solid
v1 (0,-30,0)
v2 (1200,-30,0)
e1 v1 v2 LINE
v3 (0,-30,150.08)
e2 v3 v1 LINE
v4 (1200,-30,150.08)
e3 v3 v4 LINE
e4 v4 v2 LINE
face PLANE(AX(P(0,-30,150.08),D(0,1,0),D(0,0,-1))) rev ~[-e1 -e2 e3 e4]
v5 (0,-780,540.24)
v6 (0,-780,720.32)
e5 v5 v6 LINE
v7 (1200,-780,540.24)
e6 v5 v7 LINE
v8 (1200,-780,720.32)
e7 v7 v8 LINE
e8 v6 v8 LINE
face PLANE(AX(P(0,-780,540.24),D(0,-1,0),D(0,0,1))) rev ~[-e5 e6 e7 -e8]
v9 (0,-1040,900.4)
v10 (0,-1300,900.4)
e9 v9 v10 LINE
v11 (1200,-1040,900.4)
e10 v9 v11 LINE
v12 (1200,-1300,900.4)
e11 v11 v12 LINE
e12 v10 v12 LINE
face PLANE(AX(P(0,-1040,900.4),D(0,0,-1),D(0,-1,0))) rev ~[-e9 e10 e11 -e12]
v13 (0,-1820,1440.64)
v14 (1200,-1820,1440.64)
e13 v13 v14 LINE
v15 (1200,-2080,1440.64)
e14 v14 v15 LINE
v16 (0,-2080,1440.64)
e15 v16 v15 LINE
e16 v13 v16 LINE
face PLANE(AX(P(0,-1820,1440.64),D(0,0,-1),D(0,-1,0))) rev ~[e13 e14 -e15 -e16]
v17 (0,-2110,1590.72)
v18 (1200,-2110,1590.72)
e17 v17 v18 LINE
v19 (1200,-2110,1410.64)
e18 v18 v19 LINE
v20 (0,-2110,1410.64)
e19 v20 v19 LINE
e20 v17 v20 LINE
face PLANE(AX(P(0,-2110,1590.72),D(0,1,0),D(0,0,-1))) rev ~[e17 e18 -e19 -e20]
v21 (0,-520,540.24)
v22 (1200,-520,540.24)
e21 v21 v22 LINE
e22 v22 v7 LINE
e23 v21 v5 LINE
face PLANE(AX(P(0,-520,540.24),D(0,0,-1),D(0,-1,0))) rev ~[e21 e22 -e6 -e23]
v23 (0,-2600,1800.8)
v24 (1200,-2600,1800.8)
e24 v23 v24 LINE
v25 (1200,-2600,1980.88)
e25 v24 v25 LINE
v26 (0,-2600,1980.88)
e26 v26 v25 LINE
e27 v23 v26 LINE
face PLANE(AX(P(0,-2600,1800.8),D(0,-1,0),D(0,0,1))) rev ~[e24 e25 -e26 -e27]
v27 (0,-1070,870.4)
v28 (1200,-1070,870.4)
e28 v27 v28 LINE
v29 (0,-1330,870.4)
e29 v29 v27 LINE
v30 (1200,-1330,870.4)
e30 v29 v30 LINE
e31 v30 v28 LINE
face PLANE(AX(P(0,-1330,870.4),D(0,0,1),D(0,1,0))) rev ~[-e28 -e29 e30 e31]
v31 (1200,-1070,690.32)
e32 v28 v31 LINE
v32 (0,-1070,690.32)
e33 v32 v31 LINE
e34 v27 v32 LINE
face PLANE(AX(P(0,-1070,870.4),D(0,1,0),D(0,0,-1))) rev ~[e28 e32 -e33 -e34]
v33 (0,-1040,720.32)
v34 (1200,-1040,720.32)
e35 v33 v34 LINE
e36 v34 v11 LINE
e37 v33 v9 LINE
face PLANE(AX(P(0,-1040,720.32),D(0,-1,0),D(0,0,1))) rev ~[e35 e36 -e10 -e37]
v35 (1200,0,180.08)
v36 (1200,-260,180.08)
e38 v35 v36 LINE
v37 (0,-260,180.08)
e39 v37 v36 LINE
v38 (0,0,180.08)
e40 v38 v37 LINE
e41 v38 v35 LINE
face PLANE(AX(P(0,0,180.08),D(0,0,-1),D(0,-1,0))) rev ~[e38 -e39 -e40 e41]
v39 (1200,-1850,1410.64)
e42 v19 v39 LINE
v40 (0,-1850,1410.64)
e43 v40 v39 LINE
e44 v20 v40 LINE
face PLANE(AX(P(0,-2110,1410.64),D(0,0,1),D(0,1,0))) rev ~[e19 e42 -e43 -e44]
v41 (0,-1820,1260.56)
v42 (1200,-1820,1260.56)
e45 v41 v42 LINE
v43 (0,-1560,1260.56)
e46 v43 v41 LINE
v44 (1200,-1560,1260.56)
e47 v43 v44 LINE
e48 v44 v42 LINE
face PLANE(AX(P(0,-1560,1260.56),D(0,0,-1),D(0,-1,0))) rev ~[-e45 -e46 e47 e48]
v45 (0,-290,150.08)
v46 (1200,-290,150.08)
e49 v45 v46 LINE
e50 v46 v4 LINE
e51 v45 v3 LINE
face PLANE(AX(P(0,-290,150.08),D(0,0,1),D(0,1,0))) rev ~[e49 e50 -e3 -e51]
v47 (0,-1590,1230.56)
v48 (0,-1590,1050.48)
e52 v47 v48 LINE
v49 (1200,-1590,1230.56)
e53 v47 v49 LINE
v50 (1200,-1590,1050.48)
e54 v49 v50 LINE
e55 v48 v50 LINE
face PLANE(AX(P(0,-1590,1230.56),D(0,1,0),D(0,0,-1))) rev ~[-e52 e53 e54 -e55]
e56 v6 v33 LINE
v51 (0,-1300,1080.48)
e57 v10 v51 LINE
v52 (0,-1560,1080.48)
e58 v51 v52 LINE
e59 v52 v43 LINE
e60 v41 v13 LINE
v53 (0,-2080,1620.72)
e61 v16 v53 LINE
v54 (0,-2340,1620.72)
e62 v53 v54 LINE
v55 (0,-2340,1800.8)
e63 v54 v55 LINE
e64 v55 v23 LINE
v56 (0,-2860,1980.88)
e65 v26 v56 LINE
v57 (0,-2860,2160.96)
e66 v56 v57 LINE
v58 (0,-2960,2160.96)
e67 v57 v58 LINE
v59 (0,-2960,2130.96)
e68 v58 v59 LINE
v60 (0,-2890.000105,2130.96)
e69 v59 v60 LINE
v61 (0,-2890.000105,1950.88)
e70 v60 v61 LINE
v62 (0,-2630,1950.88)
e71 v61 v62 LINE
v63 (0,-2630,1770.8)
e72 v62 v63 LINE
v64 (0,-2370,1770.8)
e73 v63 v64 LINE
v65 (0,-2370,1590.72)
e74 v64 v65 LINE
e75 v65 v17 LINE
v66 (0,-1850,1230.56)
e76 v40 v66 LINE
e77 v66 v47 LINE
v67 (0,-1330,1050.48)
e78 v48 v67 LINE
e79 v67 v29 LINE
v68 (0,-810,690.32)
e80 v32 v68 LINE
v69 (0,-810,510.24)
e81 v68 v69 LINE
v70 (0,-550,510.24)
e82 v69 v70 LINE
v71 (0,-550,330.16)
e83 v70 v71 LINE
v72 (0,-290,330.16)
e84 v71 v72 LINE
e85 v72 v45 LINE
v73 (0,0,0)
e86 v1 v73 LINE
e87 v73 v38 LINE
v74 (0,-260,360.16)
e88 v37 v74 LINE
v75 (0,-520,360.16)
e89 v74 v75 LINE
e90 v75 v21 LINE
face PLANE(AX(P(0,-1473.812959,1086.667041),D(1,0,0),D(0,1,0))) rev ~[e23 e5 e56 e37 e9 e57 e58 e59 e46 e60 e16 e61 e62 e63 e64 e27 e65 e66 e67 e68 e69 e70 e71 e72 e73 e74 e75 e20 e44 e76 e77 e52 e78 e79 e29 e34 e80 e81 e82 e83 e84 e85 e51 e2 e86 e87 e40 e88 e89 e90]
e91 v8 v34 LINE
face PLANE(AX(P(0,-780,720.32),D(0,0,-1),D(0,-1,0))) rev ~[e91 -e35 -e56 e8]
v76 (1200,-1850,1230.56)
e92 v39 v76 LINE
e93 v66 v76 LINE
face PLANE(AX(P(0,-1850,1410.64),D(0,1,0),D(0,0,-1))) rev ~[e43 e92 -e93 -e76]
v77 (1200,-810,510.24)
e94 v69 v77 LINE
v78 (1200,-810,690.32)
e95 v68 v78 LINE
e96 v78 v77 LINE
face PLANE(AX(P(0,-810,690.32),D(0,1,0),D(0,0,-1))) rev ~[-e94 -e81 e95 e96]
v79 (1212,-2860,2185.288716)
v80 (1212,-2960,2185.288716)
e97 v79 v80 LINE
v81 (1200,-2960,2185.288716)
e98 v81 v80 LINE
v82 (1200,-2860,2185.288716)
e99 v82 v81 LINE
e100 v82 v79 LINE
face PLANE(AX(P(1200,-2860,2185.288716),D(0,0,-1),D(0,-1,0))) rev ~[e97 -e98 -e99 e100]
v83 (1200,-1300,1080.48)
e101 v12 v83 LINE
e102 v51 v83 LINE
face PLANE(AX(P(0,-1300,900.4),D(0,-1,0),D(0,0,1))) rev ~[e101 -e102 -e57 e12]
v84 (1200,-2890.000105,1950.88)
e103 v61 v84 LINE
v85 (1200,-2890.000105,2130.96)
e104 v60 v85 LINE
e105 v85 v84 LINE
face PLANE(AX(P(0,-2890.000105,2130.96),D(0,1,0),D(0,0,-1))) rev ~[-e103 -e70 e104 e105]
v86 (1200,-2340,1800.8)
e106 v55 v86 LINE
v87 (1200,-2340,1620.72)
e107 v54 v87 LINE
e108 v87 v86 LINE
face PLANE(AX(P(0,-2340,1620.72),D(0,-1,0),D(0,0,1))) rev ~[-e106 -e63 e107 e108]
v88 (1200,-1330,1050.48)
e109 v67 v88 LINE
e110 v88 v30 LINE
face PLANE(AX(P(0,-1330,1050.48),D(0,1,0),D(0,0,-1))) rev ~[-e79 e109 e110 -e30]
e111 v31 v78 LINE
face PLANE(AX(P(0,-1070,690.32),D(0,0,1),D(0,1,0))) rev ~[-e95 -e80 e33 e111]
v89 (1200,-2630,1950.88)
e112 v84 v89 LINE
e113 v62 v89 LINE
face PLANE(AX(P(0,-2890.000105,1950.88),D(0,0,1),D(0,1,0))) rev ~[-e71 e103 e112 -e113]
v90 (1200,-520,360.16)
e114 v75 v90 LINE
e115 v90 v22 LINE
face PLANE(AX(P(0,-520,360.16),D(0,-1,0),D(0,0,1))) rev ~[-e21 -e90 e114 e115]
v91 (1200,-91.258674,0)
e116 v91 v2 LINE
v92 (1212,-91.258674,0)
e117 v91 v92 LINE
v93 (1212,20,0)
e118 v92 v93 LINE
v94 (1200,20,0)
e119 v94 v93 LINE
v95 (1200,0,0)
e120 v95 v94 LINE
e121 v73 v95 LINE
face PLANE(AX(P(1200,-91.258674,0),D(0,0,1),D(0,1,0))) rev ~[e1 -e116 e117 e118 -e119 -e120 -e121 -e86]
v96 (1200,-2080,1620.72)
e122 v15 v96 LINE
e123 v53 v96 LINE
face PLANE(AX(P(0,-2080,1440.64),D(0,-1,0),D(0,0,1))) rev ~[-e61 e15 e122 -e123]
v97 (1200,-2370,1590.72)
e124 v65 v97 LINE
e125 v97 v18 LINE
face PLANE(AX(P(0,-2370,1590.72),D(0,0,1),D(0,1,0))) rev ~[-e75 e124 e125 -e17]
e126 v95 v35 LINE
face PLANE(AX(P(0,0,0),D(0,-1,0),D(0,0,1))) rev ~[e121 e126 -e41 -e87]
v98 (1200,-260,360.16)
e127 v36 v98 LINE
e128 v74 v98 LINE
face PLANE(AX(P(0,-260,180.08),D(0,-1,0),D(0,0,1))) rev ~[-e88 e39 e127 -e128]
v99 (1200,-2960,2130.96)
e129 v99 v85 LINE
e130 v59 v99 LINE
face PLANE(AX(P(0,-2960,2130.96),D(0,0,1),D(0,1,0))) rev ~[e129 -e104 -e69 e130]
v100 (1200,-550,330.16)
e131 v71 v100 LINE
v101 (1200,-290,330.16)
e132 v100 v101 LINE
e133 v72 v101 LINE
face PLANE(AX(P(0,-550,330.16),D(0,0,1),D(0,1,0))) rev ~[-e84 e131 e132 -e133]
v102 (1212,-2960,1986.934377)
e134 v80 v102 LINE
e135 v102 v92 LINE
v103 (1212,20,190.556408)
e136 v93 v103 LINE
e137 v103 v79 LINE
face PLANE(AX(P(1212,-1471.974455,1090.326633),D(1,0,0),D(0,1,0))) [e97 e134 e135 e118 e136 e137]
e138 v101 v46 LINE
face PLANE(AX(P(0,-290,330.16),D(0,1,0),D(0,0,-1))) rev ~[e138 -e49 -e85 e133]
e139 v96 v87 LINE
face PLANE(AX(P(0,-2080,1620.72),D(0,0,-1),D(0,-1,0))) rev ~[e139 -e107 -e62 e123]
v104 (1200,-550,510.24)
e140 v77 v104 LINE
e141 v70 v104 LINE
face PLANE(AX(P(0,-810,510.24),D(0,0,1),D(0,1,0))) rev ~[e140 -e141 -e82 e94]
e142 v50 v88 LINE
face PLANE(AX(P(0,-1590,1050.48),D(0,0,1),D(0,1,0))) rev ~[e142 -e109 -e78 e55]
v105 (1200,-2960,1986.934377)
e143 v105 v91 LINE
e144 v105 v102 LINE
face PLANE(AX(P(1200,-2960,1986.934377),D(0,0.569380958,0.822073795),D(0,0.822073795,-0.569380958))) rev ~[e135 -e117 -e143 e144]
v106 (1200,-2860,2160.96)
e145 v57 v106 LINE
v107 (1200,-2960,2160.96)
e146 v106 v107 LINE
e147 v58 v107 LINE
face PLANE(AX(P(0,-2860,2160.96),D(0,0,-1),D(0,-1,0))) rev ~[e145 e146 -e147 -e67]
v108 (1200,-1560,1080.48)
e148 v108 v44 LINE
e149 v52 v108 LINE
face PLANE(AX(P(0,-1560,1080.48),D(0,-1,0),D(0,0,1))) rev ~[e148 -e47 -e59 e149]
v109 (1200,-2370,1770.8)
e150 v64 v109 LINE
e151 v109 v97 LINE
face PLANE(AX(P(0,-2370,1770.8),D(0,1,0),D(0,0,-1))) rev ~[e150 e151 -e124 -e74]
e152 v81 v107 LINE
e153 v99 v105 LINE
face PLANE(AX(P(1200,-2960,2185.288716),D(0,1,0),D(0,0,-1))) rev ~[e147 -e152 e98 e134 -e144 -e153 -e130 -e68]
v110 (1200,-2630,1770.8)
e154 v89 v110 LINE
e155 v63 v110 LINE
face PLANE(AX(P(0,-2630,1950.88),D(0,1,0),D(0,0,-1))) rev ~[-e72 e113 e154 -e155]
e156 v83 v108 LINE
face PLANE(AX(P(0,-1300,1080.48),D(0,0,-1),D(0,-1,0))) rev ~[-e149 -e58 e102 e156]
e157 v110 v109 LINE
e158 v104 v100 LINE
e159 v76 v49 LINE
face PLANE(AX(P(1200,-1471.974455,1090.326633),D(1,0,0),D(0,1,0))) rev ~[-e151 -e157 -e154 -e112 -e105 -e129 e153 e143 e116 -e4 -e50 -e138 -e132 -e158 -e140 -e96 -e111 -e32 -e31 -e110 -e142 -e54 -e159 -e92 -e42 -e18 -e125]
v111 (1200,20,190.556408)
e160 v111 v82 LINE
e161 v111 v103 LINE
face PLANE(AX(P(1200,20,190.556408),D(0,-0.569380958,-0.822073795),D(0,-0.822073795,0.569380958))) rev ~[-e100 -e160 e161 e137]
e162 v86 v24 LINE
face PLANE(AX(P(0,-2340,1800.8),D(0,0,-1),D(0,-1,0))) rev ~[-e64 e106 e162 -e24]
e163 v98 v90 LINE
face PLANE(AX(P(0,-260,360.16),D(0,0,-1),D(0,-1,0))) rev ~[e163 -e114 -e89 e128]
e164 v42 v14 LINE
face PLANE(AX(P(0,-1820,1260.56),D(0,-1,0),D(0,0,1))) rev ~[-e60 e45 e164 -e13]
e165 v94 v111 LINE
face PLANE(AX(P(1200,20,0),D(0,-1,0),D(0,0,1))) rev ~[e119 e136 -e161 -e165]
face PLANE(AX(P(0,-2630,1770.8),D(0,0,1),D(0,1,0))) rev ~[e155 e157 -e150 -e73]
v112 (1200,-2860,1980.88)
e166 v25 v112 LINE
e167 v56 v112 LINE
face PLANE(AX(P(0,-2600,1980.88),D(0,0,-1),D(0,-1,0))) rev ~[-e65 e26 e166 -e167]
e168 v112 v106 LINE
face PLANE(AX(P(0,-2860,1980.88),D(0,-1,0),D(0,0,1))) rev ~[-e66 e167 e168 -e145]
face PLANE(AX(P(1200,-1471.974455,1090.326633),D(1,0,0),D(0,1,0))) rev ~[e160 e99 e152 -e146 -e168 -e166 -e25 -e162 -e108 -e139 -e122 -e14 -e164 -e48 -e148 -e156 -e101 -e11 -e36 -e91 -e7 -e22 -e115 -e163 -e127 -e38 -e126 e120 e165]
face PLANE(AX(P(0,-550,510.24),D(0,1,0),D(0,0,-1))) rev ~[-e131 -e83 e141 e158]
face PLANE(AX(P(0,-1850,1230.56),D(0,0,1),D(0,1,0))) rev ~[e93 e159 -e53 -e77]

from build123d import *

# Parameters (mm, degrees)
F1_DEPTH = 1200
F3_DEPTH = 12


with BuildPart() as f1:
    # F0 (on Right) → F1 (new body)
    with BuildSketch(Plane.YZ):
        Polygon((-2600, 1980.88), (-2860, 1980.88), (-2860, 2160.96), (-2960, 2160.96), (-2960, 2130.96), (-2890.000105, 2130.96), (-2890.000105, 1950.88), (-2630, 1950.88), (-2630, 1770.8), (-2370, 1770.8), (-2370, 1590.72), (-2110, 1590.72), (-2110, 1410.64), (-1850, 1410.64), (-1850, 1230.56), (-1590, 1230.56), (-1590, 1050.48), (-1330, 1050.48), (-1330, 870.4), (-1070, 870.4), (-1070, 690.32), (-810, 690.32), (-810, 510.24), (-550, 510.24), (-550, 330.16), (-290, 330.16), (-290, 150.08), (-30, 150.08), (-30, 0), (0, 0), (0, 180.08), (-260, 180.08), (-260, 360.16), (-520, 360.16), (-520, 540.24), (-780, 540.24), (-780, 720.32), (-1040, 720.32), (-1040, 900.4), (-1300, 900.4), (-1300, 1080.48), (-1560, 1080.48), (-1560, 1260.56), (-1820, 1260.56), (-1820, 1440.64), (-2080, 1440.64), (-2080, 1620.72), (-2340, 1620.72), (-2340, 1800.8), (-2600, 1800.8), align=None)
    extrude(amount=F1_DEPTH)

    # F2 (on face) → F3 (join)
    with BuildSketch(Plane.YZ.offset(1200)):
        Polygon((-91.258674, 0), (20, 0), (20, 190.556408), (-2860, 2185.288716), (-2960, 2185.288716), (-2960, 1986.934377), align=None)
    extrude(amount=F3_DEPTH)


solid = f1.part
